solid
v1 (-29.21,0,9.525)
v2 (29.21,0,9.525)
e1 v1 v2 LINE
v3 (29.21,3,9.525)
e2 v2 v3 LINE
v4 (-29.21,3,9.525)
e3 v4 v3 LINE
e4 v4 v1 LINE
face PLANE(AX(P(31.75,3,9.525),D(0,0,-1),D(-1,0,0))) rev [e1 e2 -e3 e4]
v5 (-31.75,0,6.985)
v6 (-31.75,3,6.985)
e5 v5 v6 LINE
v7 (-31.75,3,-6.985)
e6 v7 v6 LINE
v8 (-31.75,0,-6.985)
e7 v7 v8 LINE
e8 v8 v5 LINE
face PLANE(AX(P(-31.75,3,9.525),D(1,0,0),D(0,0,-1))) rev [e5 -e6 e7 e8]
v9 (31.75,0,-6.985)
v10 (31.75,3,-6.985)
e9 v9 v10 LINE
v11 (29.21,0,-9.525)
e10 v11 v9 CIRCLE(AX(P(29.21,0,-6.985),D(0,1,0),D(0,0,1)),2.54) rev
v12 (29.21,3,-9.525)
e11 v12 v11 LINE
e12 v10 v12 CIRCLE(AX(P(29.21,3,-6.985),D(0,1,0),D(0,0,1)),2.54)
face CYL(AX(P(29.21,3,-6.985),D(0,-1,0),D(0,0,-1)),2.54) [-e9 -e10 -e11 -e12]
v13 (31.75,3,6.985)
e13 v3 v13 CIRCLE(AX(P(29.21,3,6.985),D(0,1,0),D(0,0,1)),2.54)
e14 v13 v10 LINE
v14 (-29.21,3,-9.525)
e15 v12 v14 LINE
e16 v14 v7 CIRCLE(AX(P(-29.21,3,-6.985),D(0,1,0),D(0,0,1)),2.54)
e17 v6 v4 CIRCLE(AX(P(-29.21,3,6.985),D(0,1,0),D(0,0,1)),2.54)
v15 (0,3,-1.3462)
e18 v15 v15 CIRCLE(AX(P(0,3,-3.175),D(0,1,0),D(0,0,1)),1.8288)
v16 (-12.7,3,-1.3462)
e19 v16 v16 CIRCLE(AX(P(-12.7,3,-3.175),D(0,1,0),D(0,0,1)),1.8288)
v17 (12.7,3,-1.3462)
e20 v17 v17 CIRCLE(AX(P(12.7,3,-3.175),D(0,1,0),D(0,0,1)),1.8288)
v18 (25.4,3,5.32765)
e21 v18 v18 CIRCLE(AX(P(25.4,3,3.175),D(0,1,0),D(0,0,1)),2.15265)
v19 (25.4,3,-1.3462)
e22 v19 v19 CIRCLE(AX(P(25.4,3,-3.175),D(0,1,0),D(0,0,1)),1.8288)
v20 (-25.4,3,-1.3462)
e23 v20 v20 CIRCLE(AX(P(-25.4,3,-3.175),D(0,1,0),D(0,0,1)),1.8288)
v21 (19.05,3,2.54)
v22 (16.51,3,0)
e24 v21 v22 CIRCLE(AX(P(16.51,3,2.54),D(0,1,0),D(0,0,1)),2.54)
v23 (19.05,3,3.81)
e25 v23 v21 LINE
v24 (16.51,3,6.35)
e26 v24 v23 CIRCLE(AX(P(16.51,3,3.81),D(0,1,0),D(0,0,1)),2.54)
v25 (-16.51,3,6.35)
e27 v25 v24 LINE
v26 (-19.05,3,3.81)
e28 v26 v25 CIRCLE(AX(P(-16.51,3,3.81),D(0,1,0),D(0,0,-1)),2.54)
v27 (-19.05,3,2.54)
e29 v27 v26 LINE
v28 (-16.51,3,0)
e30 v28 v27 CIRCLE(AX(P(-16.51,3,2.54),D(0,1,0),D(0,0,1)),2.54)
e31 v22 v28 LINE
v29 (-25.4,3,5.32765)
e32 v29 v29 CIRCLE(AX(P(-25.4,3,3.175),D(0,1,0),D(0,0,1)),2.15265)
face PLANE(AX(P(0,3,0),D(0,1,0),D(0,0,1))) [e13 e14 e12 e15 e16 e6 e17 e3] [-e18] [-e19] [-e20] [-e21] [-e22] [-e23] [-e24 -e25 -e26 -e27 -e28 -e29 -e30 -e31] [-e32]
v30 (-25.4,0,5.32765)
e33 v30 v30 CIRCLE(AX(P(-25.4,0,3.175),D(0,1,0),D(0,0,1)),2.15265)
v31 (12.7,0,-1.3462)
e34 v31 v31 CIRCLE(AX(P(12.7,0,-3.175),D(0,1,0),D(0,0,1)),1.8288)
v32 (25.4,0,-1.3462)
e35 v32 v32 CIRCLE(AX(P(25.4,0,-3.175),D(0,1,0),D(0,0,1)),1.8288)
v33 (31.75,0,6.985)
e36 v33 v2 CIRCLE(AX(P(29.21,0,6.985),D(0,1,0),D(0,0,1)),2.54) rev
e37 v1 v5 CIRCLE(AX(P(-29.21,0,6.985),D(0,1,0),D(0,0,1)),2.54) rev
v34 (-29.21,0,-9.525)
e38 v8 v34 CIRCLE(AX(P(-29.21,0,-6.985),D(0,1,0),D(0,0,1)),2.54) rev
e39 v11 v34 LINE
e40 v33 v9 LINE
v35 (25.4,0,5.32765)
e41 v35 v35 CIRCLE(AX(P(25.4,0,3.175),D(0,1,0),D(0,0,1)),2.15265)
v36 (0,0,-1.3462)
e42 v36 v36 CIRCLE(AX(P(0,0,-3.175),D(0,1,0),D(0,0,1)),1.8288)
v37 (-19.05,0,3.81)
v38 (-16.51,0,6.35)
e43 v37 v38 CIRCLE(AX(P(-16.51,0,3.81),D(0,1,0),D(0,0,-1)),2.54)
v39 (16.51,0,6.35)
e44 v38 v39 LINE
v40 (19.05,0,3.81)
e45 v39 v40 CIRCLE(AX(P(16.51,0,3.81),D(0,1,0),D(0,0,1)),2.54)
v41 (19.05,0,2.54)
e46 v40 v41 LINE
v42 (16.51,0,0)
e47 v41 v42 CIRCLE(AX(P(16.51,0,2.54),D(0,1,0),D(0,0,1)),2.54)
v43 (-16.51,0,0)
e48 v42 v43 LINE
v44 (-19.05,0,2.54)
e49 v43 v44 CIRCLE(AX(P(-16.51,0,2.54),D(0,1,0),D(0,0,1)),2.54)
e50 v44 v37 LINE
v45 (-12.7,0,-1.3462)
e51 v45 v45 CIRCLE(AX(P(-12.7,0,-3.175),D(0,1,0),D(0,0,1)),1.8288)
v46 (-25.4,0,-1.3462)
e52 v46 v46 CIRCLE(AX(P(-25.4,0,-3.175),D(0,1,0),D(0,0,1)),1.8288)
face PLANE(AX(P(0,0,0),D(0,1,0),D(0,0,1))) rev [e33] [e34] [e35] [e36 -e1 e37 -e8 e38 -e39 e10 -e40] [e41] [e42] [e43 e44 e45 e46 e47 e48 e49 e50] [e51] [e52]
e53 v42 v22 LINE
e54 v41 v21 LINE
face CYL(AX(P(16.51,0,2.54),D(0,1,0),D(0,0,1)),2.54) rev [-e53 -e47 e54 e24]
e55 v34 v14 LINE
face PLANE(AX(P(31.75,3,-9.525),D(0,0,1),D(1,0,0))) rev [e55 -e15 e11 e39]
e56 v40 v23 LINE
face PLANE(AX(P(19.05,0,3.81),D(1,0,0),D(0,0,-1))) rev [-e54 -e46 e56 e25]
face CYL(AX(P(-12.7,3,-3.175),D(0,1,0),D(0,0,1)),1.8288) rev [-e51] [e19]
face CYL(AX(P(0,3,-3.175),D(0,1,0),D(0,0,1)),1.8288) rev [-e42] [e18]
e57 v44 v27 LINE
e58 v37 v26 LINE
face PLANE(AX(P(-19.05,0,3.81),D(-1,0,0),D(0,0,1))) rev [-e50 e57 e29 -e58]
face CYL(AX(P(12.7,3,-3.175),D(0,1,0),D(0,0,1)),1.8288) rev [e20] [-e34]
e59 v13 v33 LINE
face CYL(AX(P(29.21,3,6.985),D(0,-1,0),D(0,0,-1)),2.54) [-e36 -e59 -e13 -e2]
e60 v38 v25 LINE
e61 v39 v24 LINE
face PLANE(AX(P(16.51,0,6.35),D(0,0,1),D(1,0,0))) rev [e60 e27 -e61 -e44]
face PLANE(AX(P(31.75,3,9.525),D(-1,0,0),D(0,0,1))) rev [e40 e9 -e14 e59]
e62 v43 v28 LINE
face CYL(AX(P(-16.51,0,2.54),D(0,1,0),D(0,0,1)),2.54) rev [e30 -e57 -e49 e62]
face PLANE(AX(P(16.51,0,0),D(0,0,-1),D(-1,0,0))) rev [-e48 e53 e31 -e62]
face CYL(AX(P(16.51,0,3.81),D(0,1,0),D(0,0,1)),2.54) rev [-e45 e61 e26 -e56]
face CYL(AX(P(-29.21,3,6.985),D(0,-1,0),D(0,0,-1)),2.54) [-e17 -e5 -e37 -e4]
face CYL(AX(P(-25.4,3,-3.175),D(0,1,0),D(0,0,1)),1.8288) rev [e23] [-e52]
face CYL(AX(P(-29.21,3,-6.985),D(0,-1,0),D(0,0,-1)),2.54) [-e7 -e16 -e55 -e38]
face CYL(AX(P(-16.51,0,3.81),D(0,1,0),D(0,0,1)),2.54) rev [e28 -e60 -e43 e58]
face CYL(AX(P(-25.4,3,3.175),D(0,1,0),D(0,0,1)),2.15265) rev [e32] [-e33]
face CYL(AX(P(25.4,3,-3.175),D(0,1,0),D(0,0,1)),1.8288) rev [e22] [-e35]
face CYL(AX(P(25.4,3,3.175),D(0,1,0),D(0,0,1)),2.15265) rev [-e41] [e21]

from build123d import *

# Parameters (mm, degrees)
SKETCH1_W             = 63.5
SKETCH1_H             = 19.05
BOSS_EXTRUDE1_DEPTH   = 3
F_6_CLEARANCE_HOLE1_D = 3.6576
F_8_CLEARANCE_HOLE1_D = 4.3053
FILLET1_R             = 2.54
CUT_EXTRUDE1_DEPTH    = 34.283451218


with BuildPart() as part:
    # Sketch1 → Boss-Extrude1 (new body)
    with BuildSketch(Plane(origin=(0, 0, 0), x_dir=(1, 0, 0), z_dir=(0, 1, 0))):
        Rectangle(SKETCH1_W, SKETCH1_H)
    extrude(amount=BOSS_EXTRUDE1_DEPTH)

    # #6 Clearance Hole1 (through all)
    with Locations(Plane(origin=(0, 3, 0), x_dir=(1, 0, 0), z_dir=(0, 1, 0))):
        with Locations((-25.4, 3.175), (0, 3.175), (25.4, 3.175), (12.7, 3.175), (-12.7, 3.175)):
            Hole(F_6_CLEARANCE_HOLE1_D / 2)

    # #8 Clearance Hole1 (through all)
    with Locations(Plane(origin=(0, 3, 0), x_dir=(1, 0, 0), z_dir=(0, 1, 0))):
        with Locations((-25.4, -3.175), (25.4, -3.175)):
            Hole(F_8_CLEARANCE_HOLE1_D / 2)

    # Fillet1
    fillet1_edges = [part.edges().sort_by_distance(p)[0] for p in [
        (-31.75, 1.5, -9.525),
        (31.75, 1.5, -9.525),
        (31.75, 1.5, 9.525),
        (-31.75, 1.5, 9.525),
    ]]
    fillet(fillet1_edges, radius=FILLET1_R)

    # Sketch8 → Cut-Extrude1 (cut, through all)
    with BuildSketch(Plane(origin=(0, 3, 0), x_dir=(1, 0, 0), z_dir=(0, 1, 0))):
        with BuildLine():
            Line((16.51, -6.35), (-16.51, -6.35))
            ThreePointArc((-16.51, -6.35), (-18.306051224, -5.606051224), (-19.05, -3.81))
            Line((-19.05, -3.81), (-19.05, -2.54))
            ThreePointArc((-19.05, -2.54), (-18.306051224, -0.743948776), (-16.51, 0))
            Line((-16.51, 0), (16.51, 0))
            ThreePointArc((16.51, 0), (18.306051224, -0.743948776), (19.05, -2.54))
            Line((19.05, -2.54), (19.05, -3.81))
            ThreePointArc((19.05, -3.81), (18.306051224, -5.606051224), (16.51, -6.35))
        make_face()
    extrude(amount=-CUT_EXTRUDE1_DEPTH, mode=Mode.SUBTRACT)


solid = part.part
